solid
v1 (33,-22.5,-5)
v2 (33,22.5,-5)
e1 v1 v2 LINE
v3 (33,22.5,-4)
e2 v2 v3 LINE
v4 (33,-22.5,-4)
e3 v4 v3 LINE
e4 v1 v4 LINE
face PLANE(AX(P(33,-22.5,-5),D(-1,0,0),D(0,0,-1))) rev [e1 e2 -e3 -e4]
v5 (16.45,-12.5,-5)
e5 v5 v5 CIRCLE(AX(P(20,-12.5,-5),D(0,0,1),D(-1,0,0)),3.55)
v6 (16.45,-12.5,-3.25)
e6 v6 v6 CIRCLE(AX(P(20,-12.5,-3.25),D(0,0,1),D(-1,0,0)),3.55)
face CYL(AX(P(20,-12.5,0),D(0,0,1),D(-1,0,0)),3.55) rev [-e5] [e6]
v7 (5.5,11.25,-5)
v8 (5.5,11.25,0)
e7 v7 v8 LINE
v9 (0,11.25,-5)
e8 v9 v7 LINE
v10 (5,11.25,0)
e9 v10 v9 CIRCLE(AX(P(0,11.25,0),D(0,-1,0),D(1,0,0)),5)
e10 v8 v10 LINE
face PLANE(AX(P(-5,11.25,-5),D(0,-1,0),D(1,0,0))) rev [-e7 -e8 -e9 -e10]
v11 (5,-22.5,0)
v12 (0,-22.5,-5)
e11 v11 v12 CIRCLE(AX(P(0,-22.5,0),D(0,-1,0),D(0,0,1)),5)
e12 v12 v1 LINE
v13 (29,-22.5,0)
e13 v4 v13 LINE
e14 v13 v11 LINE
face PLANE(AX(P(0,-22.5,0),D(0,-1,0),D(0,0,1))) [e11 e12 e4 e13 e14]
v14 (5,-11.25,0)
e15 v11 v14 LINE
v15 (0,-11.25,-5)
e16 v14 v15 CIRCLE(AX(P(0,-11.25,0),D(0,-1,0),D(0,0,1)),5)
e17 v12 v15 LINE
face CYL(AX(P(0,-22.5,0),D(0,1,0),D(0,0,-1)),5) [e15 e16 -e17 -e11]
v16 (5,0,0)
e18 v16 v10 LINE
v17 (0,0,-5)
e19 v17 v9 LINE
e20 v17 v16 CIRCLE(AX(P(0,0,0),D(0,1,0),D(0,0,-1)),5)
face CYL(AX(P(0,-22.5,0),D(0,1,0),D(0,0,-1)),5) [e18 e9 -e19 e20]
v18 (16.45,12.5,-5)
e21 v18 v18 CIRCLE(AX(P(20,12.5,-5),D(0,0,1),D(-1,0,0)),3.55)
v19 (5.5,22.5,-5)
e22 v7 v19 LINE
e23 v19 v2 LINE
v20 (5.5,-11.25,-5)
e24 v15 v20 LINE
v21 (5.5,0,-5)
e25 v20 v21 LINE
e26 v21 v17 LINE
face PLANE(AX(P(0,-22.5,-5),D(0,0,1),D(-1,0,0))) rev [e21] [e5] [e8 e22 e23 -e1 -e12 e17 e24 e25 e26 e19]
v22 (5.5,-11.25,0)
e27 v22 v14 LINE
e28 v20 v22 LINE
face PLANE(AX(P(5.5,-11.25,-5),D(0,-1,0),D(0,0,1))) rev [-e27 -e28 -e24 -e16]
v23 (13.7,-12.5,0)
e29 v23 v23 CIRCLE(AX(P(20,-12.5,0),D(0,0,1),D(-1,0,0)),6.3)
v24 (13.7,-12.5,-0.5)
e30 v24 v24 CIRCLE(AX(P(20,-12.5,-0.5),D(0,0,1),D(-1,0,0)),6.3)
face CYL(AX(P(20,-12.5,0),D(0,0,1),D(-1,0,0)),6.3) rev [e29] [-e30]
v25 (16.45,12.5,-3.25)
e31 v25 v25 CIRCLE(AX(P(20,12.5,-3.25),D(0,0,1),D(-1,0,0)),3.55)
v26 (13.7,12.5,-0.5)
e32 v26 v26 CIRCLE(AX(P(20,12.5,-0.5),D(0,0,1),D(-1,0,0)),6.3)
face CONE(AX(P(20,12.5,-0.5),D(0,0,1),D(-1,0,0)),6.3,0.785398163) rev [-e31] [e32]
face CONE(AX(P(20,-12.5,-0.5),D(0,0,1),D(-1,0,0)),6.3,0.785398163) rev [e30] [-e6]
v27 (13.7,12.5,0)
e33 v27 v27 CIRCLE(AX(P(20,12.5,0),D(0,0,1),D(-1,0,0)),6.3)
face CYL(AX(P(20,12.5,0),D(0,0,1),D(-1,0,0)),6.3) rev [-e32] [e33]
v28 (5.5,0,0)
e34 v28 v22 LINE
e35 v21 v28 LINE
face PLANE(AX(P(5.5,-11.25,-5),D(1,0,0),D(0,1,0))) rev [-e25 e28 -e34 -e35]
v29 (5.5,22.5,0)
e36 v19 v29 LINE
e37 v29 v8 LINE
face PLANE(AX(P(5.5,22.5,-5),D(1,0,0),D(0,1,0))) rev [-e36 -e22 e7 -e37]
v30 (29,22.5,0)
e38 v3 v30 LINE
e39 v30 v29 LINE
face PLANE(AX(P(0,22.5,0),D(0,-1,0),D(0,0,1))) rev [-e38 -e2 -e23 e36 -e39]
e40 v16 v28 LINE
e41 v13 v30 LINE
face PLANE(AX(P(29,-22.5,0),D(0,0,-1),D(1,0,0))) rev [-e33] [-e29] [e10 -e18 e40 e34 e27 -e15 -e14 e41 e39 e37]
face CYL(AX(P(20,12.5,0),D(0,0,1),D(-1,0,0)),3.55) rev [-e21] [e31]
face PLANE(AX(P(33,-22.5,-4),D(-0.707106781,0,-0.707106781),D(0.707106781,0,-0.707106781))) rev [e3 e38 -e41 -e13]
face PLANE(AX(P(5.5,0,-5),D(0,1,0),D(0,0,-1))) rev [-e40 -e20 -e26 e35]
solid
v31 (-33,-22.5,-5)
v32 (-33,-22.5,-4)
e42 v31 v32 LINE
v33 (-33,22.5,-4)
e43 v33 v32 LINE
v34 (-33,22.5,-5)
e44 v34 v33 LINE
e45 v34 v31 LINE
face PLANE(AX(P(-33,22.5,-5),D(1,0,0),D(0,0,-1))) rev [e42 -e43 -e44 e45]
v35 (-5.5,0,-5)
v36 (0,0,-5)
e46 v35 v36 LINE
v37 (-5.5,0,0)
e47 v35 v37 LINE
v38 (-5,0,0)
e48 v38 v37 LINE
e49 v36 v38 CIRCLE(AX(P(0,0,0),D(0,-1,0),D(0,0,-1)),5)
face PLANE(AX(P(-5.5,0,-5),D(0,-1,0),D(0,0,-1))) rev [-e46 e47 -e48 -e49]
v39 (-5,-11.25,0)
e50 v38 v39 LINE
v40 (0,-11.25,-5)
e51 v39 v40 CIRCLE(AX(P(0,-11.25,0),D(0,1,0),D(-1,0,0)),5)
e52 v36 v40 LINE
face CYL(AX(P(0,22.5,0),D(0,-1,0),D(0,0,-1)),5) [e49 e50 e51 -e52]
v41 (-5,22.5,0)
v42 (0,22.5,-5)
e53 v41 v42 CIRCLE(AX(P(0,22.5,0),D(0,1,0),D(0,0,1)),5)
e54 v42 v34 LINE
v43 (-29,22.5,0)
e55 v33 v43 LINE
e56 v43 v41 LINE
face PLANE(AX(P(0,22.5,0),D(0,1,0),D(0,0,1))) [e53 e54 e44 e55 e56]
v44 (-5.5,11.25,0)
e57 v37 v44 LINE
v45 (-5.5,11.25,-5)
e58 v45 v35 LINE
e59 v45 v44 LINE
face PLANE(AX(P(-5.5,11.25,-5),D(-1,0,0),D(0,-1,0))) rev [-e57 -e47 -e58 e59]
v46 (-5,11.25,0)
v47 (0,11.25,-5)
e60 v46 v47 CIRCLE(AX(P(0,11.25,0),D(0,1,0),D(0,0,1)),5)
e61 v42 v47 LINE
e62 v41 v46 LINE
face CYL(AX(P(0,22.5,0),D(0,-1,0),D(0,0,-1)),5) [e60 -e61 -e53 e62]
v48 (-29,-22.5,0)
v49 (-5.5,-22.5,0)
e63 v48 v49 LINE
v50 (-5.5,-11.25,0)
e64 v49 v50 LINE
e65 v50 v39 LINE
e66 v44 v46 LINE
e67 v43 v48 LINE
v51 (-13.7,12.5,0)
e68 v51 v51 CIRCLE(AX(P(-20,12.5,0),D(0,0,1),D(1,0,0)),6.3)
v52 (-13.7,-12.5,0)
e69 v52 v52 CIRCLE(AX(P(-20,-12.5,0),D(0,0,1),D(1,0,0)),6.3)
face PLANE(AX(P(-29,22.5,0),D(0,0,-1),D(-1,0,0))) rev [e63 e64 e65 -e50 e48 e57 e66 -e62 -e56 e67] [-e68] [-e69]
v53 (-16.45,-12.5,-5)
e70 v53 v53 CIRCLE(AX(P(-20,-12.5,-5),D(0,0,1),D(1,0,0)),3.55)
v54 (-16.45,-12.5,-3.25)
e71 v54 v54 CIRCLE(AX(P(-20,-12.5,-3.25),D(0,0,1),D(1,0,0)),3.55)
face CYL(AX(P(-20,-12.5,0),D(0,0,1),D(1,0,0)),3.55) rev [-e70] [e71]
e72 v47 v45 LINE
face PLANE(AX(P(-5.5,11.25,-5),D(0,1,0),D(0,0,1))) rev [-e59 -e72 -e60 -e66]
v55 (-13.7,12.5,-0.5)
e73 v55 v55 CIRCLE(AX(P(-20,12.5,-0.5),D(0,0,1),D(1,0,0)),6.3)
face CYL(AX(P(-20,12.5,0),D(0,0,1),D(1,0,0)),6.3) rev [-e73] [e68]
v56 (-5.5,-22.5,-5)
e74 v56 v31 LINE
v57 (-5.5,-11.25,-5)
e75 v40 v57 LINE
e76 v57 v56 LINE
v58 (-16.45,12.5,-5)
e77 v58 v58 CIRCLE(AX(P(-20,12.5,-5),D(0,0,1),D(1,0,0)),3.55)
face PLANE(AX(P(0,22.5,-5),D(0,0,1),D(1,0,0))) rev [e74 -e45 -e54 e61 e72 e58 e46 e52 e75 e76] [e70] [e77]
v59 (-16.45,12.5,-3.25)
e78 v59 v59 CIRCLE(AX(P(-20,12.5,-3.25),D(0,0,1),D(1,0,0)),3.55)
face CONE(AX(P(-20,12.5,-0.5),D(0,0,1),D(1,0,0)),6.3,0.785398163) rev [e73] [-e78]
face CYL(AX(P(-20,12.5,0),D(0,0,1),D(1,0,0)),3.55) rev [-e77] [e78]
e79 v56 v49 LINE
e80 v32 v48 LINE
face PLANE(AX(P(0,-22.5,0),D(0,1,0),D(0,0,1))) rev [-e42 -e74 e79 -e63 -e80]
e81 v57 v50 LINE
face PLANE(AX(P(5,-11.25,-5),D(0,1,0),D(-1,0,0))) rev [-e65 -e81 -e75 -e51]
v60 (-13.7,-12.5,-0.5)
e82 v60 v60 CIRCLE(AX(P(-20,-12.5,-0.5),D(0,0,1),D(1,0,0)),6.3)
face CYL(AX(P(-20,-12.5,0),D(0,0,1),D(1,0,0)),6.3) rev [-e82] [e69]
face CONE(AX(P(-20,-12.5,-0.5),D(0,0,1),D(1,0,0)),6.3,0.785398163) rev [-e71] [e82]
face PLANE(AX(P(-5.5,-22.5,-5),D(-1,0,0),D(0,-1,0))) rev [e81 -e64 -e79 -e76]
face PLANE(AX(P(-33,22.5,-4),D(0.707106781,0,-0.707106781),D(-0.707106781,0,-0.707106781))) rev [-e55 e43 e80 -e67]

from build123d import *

# Parameters (mm, degrees)
EXTRUDE_1_DEPTH            = 22.5
SKETCH_3_W                 = 10.5
SKETCH_3_H                 = 11.25
CUT_EXTRUDE_1_DEPTH        = 6
CUT_EXTRUDE_1_DEPTH_BACK   = 6
HOLE_WIZARD_M61_AT_2_COUNT = 2
HOLE_WIZARD_M61_AT_2_PITCH = 25
PATTERN_CIRCULAR_1_COUNT   = 2


with BuildPart() as part:
    # Эскиз1 → Бобышка-Вытянуть1 (new body, symmetric)
    with BuildSketch(Plane(origin=(0, 0, 0), x_dir=(1, 0, 0), z_dir=(0, 1, 0))):
        with BuildLine():
            Line((0, 5), (-33, 5))
            Line((-33, 5), (-33, 4))
            Line((-33, 4), (-29, 0))
            Line((-29, 0), (-5, 0))
            ThreePointArc((-5, 0), (3.535533906, -3.535533906), (0, 5))
        make_face()
    extrude(amount=EXTRUDE_1_DEPTH, both=True)

    # Эскиз3 → Вырез-Вытянуть1 (cut, two sides)
    with BuildSketch(Plane.XY) as cut_extrude_1_sk:
        with Locations((-0.25, 5.625)):
            Rectangle(SKETCH_3_W, SKETCH_3_H)
        with Locations((-0.25, -16.875)):
            Rectangle(SKETCH_3_W, SKETCH_3_H)
    extrude(amount=CUT_EXTRUDE_1_DEPTH, mode=Mode.SUBTRACT)
    extrude(cut_extrude_1_sk.sketch, amount=-CUT_EXTRUDE_1_DEPTH_BACK, mode=Mode.SUBTRACT)

    # Эскиз6 → Зенковка для винта с полупотайной головкой M61 (revolve, cut)
    with BuildSketch(Plane(origin=(-20, 12.5, 0), x_dir=(0, -1, 0), z_dir=(1, 0, 0))):
        Polygon((0, 0), (0, 5), (3.55, 5), (3.55, 3.25), (6.3, 0.5), (6.3, 0), align=None)
    hole_wizard_m61 = revolve(axis=Axis((-20, 12.5, 6.35), (0, 0, -1)), mode=Mode.SUBTRACT)

    # Зенковка для винта с полупотайной головкой M61 at 2: Зенковка для винта с полупотайной головкой M61 ×2
    with Locations(*[(0, -i * HOLE_WIZARD_M61_AT_2_PITCH, 0) for i in range(1, HOLE_WIZARD_M61_AT_2_COUNT)]):
        add(hole_wizard_m61, mode=Mode.SUBTRACT)


with BuildPart() as pattern_circular_1_1:
    # Круговой массив1: pattern copy
    add(part.part.rotate(Axis((0, 0, 0), (0, 0, 1)), 1 * 360 / PATTERN_CIRCULAR_1_COUNT))


solid = Compound([part.part, pattern_circular_1_1.part])
